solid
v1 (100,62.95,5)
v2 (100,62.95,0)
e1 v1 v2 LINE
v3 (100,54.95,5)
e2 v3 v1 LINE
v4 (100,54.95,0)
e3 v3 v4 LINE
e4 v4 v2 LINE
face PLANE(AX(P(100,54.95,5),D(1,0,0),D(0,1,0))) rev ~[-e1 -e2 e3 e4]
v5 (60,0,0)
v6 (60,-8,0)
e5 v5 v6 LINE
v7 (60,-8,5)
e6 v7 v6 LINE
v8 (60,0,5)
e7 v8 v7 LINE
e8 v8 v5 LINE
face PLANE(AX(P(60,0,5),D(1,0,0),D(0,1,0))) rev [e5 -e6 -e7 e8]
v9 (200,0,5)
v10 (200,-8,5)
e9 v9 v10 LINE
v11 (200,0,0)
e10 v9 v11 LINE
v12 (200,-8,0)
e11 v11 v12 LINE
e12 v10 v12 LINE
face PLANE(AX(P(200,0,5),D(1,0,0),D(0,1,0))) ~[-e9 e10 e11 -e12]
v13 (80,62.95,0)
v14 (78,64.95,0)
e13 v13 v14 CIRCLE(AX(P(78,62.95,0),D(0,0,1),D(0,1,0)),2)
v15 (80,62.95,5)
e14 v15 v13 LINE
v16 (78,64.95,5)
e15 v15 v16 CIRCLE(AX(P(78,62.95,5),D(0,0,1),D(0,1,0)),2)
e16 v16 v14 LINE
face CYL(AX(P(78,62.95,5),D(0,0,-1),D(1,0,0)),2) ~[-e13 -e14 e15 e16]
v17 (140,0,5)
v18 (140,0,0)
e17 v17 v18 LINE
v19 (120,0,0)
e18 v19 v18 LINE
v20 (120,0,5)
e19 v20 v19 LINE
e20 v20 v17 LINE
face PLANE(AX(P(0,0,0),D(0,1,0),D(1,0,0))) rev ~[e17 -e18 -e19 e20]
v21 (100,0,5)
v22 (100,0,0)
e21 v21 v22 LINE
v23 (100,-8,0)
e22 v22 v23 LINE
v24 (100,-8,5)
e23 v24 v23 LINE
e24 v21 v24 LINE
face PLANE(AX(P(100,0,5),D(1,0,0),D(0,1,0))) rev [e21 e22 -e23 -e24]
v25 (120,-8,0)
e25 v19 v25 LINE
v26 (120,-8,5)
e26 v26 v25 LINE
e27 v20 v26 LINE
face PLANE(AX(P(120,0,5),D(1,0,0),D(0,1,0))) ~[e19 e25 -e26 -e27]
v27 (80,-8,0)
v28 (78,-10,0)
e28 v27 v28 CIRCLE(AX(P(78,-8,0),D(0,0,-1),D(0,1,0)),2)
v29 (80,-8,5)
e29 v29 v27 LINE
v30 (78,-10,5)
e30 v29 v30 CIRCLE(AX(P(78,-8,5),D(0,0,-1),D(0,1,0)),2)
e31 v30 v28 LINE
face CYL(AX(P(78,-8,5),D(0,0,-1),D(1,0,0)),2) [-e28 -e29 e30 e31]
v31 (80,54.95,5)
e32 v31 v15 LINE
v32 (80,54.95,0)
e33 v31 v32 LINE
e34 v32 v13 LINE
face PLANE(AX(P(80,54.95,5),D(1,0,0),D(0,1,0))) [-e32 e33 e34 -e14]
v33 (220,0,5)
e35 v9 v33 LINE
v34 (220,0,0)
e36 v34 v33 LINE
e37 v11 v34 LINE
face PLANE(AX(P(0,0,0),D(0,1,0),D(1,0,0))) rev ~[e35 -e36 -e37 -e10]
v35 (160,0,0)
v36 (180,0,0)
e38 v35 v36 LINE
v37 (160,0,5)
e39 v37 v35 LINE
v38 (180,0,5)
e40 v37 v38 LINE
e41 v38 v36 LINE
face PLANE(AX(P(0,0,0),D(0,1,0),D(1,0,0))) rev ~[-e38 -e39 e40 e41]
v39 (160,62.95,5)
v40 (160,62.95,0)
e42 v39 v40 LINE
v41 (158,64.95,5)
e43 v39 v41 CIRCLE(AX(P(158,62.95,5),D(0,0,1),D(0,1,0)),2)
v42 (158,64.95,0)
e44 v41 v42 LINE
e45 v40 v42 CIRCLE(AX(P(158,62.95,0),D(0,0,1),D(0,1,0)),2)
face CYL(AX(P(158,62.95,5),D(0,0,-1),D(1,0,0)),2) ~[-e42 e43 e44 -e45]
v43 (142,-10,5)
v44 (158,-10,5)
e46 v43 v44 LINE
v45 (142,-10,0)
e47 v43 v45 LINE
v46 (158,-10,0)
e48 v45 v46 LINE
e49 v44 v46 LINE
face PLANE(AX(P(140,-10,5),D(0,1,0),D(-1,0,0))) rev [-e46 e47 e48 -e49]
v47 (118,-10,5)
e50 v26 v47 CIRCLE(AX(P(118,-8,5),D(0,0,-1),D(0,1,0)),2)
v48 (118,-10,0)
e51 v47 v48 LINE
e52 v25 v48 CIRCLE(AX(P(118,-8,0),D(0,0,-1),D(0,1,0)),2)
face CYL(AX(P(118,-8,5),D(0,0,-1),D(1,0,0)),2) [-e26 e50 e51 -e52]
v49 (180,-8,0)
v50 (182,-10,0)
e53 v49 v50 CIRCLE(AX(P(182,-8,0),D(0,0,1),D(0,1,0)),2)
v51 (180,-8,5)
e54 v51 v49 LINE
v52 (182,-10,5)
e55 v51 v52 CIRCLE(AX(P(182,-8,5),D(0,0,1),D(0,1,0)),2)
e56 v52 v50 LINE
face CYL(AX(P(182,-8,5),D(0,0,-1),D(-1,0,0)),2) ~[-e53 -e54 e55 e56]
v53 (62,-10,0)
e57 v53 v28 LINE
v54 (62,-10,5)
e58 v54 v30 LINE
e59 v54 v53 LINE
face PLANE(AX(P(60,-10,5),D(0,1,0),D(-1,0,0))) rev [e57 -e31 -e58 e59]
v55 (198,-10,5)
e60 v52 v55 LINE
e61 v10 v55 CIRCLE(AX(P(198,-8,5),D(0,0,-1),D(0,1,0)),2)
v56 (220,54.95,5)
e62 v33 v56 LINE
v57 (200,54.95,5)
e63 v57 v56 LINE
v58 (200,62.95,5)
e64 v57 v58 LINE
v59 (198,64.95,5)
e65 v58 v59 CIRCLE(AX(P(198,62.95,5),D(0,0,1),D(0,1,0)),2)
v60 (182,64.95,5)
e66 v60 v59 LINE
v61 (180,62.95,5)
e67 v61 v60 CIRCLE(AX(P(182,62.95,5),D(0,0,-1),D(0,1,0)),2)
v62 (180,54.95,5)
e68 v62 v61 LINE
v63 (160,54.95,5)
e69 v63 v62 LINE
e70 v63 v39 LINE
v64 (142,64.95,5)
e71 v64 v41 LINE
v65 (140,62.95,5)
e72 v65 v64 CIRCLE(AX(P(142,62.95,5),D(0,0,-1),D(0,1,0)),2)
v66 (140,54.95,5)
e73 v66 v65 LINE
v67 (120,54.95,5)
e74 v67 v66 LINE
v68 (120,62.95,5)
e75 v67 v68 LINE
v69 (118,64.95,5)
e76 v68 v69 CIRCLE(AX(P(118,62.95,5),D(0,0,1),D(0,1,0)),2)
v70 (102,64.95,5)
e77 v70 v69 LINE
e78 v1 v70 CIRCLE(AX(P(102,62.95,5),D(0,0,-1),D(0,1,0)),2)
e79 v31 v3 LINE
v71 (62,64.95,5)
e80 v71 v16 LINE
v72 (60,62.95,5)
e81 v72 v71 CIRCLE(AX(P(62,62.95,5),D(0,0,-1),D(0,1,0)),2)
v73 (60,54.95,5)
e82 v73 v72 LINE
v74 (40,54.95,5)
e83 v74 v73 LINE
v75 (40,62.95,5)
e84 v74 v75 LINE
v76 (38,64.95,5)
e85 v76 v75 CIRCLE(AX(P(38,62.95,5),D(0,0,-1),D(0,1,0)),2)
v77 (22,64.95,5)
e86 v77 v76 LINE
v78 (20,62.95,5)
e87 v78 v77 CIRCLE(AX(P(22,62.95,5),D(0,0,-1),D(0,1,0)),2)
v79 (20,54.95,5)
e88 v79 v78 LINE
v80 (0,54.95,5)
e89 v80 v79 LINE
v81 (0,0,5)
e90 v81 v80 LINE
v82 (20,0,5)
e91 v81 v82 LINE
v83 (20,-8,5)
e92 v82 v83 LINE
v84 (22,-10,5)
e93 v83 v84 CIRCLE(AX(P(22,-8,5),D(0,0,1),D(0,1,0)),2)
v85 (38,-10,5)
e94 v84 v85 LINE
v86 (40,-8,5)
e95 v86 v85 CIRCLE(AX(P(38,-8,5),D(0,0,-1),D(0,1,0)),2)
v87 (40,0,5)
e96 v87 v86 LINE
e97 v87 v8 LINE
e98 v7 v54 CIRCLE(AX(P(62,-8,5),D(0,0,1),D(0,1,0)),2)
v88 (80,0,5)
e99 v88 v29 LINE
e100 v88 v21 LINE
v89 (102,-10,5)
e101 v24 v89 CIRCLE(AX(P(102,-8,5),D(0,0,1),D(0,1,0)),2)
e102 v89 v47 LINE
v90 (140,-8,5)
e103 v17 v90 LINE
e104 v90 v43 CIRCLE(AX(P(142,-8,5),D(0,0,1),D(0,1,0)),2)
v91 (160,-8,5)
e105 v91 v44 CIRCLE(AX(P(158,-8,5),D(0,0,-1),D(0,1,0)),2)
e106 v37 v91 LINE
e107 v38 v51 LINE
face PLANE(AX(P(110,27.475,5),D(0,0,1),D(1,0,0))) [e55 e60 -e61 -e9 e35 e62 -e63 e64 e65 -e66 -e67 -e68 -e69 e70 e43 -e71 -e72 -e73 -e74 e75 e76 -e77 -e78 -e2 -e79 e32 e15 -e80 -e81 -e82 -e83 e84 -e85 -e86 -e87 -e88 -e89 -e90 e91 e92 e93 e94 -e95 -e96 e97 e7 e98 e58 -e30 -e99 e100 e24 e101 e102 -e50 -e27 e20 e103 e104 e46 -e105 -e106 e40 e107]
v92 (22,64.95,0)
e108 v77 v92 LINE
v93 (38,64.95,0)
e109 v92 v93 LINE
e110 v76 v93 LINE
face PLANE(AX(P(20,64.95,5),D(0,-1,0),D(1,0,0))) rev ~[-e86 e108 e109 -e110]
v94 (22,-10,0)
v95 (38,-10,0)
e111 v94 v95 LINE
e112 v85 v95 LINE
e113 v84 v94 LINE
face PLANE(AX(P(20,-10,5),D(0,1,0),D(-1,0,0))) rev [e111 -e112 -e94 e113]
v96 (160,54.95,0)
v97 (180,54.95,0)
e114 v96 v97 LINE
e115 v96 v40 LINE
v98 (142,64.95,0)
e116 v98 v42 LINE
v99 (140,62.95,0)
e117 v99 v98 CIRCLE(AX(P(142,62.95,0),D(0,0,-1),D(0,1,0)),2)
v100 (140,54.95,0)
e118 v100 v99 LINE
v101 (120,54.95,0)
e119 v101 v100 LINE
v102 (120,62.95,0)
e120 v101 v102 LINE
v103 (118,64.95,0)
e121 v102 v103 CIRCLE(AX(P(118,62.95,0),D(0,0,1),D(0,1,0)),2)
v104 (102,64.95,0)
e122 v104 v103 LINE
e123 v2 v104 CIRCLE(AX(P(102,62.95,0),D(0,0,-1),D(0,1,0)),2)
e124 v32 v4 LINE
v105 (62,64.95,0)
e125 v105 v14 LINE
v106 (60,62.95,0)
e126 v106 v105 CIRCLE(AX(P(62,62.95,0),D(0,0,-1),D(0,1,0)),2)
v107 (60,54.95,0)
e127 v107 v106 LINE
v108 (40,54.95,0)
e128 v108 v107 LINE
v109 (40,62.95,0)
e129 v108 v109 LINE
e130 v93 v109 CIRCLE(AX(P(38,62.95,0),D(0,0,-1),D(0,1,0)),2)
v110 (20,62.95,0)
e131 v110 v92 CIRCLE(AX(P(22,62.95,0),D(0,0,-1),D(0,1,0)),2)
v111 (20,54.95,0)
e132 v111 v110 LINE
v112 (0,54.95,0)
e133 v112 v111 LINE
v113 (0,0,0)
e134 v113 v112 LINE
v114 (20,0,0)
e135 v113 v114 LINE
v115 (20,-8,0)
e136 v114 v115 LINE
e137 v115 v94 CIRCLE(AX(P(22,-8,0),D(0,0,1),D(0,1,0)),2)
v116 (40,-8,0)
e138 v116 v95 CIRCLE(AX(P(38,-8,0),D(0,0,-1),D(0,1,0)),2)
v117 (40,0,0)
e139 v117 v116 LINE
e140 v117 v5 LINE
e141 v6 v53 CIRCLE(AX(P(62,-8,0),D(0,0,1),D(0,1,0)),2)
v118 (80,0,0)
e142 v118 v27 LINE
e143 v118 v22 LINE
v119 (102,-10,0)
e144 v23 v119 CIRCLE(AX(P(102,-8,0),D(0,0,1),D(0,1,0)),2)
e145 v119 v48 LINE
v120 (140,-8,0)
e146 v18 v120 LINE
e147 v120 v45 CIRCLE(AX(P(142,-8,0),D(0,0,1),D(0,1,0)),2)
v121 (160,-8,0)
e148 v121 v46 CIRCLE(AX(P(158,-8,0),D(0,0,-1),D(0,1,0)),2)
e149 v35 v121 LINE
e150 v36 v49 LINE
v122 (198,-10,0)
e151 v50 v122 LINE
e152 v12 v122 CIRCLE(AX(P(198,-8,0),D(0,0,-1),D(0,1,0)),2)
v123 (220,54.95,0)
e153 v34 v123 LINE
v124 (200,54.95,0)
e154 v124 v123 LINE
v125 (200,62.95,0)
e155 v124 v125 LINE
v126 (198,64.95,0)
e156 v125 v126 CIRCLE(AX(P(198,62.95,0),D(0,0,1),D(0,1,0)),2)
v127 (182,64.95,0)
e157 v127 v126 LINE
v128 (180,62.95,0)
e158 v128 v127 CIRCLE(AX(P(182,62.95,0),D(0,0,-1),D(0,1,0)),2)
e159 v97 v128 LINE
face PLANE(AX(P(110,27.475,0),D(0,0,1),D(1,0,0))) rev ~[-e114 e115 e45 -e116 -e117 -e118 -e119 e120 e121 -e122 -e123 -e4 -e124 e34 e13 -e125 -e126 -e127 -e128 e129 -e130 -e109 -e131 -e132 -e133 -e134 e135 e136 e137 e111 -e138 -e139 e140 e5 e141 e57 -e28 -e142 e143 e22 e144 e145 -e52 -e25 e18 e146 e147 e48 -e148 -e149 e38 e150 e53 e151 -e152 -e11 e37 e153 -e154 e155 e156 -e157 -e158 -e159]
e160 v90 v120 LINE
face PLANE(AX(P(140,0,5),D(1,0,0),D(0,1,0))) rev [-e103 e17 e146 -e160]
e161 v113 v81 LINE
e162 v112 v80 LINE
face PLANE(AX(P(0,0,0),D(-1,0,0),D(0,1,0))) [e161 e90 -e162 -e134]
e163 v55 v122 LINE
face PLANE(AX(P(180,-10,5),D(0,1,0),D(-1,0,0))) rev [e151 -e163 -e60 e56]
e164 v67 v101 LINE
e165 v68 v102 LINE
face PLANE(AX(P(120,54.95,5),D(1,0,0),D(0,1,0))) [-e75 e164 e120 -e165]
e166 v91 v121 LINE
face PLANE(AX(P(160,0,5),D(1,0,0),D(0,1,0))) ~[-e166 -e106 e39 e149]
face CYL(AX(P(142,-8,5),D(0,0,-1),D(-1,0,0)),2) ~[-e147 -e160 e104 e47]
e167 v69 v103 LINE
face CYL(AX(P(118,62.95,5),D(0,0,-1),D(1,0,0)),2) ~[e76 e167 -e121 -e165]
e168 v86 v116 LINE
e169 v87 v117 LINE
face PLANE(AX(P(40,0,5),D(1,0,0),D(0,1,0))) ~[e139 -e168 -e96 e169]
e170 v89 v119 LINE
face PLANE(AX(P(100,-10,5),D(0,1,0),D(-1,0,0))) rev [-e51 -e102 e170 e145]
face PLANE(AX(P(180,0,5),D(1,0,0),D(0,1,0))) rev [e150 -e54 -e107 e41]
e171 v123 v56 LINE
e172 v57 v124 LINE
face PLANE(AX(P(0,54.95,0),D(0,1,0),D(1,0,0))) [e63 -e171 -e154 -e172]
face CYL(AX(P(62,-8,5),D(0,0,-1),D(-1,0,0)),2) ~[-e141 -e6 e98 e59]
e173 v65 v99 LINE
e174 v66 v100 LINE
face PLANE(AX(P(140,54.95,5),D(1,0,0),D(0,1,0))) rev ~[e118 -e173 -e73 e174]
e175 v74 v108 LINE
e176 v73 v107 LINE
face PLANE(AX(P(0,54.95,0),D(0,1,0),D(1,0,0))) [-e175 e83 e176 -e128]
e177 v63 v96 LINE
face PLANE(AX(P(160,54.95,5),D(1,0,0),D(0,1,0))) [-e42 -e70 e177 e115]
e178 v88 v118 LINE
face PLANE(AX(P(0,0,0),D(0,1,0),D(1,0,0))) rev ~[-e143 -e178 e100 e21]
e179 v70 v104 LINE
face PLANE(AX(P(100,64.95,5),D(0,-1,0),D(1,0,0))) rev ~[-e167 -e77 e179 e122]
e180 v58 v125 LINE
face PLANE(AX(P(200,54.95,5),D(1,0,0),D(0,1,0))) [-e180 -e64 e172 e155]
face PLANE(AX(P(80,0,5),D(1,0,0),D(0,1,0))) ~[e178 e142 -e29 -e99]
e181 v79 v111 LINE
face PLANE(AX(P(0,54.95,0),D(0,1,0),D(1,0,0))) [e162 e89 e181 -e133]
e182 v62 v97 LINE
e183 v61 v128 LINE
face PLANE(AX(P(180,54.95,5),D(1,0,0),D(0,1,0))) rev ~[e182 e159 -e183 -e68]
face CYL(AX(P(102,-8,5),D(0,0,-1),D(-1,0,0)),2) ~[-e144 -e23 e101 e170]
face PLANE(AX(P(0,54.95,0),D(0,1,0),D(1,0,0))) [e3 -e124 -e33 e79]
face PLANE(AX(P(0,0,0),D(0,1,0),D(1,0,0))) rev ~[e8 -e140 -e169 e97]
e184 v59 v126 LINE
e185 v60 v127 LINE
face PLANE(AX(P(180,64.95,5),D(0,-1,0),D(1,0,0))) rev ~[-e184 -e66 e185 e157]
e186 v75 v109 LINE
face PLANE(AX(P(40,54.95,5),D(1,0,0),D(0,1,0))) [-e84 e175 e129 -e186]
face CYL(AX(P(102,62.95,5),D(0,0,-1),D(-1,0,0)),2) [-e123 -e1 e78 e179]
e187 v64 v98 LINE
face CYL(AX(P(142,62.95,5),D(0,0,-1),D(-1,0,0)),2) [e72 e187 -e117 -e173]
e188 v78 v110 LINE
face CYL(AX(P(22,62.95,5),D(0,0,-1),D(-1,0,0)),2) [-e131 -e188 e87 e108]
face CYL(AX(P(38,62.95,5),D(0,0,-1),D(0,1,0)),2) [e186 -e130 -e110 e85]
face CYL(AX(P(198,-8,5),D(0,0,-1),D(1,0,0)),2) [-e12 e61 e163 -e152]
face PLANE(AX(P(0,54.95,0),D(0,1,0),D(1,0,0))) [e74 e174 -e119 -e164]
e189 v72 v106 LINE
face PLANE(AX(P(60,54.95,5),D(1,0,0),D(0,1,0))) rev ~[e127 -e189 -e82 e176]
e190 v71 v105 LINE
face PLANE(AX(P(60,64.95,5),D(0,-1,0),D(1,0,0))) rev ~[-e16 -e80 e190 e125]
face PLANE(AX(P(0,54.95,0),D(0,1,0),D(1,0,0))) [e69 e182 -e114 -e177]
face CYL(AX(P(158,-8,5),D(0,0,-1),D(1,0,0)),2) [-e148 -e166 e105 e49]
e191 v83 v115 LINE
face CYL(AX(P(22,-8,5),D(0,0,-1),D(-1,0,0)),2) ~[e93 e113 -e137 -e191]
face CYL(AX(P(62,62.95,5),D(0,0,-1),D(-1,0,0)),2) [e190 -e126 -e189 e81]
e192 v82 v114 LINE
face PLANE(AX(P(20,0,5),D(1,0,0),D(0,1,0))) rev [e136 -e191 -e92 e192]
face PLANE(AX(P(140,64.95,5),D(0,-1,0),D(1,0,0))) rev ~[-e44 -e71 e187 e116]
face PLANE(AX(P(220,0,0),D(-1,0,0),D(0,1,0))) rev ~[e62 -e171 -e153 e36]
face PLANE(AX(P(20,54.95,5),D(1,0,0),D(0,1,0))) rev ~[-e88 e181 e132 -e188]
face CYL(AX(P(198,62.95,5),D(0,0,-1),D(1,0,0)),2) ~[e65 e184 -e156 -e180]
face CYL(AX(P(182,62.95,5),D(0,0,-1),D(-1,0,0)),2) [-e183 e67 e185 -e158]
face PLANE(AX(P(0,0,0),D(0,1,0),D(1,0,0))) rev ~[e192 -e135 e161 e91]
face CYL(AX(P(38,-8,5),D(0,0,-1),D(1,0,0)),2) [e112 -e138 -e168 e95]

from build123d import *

# Parameters (mm, degrees)
SKETCH1_W            = 220
SKETCH1_H            = 54.95
BOSS_EXTRUDE1_DEPTH  = 5
SKETCH2_W            = 20
SKETCH2_H            = 10
BOSS_EXTRUDE2_DEPTH  = 5
FILLET1_R            = 2
FILLET1_OF_MIRROR1_R = 2


with BuildPart() as part:
    # Sketch1 → Boss-Extrude1 (new body)
    with BuildSketch(Plane.XY):
        with Locations((110, 27.475)):
            Rectangle(SKETCH1_W, SKETCH1_H)
    extrude(amount=BOSS_EXTRUDE1_DEPTH)

    # Sketch2 → Boss-Extrude2 (add)
    with BuildSketch(Plane.XY.offset(5)):
        with Locations((30, 59.95)):
            Rectangle(SKETCH2_W, SKETCH2_H)
        with Locations((70, 59.95)):
            Rectangle(SKETCH2_W, SKETCH2_H)
        with Locations((110, 59.95)):
            Rectangle(SKETCH2_W, SKETCH2_H)
        with Locations((150, 59.95)):
            Rectangle(SKETCH2_W, SKETCH2_H)
        with Locations((190, 59.95)):
            Rectangle(SKETCH2_W, SKETCH2_H)
    boss_extrude2 = extrude(amount=-BOSS_EXTRUDE2_DEPTH)

    # Fillet1
    fillet1_edges = [part.edges().sort_by_distance(p)[0] for p in [
        (40, 64.95, 2.5),
        (20, 64.95, 2.5),
        (80, 64.95, 2.5),
        (60, 64.95, 2.5),
        (120, 64.95, 2.5),
        (100, 64.95, 2.5),
        (160, 64.95, 2.5),
        (140, 64.95, 2.5),
        (200, 64.95, 2.5),
        (180, 64.95, 2.5),
    ]]
    fillet(fillet1_edges, radius=FILLET1_R)

    # Mirror1: Boss-Extrude2 across plane
    add(boss_extrude2.mirror(Plane.ZX.offset(27.475)))

    # Fillet1 of Mirror1
    fillet1_of_mirror1_edges = [part.edges().sort_by_distance(p)[0] for p in [
        (40, -10, 2.5),
        (20, -10, 2.5),
        (80, -10, 2.5),
        (60, -10, 2.5),
        (120, -10, 2.5),
        (100, -10, 2.5),
        (160, -10, 2.5),
        (140, -10, 2.5),
        (200, -10, 2.5),
        (180, -10, 2.5),
    ]]
    fillet(fillet1_of_mirror1_edges, radius=FILLET1_OF_MIRROR1_R)


solid = part.part
